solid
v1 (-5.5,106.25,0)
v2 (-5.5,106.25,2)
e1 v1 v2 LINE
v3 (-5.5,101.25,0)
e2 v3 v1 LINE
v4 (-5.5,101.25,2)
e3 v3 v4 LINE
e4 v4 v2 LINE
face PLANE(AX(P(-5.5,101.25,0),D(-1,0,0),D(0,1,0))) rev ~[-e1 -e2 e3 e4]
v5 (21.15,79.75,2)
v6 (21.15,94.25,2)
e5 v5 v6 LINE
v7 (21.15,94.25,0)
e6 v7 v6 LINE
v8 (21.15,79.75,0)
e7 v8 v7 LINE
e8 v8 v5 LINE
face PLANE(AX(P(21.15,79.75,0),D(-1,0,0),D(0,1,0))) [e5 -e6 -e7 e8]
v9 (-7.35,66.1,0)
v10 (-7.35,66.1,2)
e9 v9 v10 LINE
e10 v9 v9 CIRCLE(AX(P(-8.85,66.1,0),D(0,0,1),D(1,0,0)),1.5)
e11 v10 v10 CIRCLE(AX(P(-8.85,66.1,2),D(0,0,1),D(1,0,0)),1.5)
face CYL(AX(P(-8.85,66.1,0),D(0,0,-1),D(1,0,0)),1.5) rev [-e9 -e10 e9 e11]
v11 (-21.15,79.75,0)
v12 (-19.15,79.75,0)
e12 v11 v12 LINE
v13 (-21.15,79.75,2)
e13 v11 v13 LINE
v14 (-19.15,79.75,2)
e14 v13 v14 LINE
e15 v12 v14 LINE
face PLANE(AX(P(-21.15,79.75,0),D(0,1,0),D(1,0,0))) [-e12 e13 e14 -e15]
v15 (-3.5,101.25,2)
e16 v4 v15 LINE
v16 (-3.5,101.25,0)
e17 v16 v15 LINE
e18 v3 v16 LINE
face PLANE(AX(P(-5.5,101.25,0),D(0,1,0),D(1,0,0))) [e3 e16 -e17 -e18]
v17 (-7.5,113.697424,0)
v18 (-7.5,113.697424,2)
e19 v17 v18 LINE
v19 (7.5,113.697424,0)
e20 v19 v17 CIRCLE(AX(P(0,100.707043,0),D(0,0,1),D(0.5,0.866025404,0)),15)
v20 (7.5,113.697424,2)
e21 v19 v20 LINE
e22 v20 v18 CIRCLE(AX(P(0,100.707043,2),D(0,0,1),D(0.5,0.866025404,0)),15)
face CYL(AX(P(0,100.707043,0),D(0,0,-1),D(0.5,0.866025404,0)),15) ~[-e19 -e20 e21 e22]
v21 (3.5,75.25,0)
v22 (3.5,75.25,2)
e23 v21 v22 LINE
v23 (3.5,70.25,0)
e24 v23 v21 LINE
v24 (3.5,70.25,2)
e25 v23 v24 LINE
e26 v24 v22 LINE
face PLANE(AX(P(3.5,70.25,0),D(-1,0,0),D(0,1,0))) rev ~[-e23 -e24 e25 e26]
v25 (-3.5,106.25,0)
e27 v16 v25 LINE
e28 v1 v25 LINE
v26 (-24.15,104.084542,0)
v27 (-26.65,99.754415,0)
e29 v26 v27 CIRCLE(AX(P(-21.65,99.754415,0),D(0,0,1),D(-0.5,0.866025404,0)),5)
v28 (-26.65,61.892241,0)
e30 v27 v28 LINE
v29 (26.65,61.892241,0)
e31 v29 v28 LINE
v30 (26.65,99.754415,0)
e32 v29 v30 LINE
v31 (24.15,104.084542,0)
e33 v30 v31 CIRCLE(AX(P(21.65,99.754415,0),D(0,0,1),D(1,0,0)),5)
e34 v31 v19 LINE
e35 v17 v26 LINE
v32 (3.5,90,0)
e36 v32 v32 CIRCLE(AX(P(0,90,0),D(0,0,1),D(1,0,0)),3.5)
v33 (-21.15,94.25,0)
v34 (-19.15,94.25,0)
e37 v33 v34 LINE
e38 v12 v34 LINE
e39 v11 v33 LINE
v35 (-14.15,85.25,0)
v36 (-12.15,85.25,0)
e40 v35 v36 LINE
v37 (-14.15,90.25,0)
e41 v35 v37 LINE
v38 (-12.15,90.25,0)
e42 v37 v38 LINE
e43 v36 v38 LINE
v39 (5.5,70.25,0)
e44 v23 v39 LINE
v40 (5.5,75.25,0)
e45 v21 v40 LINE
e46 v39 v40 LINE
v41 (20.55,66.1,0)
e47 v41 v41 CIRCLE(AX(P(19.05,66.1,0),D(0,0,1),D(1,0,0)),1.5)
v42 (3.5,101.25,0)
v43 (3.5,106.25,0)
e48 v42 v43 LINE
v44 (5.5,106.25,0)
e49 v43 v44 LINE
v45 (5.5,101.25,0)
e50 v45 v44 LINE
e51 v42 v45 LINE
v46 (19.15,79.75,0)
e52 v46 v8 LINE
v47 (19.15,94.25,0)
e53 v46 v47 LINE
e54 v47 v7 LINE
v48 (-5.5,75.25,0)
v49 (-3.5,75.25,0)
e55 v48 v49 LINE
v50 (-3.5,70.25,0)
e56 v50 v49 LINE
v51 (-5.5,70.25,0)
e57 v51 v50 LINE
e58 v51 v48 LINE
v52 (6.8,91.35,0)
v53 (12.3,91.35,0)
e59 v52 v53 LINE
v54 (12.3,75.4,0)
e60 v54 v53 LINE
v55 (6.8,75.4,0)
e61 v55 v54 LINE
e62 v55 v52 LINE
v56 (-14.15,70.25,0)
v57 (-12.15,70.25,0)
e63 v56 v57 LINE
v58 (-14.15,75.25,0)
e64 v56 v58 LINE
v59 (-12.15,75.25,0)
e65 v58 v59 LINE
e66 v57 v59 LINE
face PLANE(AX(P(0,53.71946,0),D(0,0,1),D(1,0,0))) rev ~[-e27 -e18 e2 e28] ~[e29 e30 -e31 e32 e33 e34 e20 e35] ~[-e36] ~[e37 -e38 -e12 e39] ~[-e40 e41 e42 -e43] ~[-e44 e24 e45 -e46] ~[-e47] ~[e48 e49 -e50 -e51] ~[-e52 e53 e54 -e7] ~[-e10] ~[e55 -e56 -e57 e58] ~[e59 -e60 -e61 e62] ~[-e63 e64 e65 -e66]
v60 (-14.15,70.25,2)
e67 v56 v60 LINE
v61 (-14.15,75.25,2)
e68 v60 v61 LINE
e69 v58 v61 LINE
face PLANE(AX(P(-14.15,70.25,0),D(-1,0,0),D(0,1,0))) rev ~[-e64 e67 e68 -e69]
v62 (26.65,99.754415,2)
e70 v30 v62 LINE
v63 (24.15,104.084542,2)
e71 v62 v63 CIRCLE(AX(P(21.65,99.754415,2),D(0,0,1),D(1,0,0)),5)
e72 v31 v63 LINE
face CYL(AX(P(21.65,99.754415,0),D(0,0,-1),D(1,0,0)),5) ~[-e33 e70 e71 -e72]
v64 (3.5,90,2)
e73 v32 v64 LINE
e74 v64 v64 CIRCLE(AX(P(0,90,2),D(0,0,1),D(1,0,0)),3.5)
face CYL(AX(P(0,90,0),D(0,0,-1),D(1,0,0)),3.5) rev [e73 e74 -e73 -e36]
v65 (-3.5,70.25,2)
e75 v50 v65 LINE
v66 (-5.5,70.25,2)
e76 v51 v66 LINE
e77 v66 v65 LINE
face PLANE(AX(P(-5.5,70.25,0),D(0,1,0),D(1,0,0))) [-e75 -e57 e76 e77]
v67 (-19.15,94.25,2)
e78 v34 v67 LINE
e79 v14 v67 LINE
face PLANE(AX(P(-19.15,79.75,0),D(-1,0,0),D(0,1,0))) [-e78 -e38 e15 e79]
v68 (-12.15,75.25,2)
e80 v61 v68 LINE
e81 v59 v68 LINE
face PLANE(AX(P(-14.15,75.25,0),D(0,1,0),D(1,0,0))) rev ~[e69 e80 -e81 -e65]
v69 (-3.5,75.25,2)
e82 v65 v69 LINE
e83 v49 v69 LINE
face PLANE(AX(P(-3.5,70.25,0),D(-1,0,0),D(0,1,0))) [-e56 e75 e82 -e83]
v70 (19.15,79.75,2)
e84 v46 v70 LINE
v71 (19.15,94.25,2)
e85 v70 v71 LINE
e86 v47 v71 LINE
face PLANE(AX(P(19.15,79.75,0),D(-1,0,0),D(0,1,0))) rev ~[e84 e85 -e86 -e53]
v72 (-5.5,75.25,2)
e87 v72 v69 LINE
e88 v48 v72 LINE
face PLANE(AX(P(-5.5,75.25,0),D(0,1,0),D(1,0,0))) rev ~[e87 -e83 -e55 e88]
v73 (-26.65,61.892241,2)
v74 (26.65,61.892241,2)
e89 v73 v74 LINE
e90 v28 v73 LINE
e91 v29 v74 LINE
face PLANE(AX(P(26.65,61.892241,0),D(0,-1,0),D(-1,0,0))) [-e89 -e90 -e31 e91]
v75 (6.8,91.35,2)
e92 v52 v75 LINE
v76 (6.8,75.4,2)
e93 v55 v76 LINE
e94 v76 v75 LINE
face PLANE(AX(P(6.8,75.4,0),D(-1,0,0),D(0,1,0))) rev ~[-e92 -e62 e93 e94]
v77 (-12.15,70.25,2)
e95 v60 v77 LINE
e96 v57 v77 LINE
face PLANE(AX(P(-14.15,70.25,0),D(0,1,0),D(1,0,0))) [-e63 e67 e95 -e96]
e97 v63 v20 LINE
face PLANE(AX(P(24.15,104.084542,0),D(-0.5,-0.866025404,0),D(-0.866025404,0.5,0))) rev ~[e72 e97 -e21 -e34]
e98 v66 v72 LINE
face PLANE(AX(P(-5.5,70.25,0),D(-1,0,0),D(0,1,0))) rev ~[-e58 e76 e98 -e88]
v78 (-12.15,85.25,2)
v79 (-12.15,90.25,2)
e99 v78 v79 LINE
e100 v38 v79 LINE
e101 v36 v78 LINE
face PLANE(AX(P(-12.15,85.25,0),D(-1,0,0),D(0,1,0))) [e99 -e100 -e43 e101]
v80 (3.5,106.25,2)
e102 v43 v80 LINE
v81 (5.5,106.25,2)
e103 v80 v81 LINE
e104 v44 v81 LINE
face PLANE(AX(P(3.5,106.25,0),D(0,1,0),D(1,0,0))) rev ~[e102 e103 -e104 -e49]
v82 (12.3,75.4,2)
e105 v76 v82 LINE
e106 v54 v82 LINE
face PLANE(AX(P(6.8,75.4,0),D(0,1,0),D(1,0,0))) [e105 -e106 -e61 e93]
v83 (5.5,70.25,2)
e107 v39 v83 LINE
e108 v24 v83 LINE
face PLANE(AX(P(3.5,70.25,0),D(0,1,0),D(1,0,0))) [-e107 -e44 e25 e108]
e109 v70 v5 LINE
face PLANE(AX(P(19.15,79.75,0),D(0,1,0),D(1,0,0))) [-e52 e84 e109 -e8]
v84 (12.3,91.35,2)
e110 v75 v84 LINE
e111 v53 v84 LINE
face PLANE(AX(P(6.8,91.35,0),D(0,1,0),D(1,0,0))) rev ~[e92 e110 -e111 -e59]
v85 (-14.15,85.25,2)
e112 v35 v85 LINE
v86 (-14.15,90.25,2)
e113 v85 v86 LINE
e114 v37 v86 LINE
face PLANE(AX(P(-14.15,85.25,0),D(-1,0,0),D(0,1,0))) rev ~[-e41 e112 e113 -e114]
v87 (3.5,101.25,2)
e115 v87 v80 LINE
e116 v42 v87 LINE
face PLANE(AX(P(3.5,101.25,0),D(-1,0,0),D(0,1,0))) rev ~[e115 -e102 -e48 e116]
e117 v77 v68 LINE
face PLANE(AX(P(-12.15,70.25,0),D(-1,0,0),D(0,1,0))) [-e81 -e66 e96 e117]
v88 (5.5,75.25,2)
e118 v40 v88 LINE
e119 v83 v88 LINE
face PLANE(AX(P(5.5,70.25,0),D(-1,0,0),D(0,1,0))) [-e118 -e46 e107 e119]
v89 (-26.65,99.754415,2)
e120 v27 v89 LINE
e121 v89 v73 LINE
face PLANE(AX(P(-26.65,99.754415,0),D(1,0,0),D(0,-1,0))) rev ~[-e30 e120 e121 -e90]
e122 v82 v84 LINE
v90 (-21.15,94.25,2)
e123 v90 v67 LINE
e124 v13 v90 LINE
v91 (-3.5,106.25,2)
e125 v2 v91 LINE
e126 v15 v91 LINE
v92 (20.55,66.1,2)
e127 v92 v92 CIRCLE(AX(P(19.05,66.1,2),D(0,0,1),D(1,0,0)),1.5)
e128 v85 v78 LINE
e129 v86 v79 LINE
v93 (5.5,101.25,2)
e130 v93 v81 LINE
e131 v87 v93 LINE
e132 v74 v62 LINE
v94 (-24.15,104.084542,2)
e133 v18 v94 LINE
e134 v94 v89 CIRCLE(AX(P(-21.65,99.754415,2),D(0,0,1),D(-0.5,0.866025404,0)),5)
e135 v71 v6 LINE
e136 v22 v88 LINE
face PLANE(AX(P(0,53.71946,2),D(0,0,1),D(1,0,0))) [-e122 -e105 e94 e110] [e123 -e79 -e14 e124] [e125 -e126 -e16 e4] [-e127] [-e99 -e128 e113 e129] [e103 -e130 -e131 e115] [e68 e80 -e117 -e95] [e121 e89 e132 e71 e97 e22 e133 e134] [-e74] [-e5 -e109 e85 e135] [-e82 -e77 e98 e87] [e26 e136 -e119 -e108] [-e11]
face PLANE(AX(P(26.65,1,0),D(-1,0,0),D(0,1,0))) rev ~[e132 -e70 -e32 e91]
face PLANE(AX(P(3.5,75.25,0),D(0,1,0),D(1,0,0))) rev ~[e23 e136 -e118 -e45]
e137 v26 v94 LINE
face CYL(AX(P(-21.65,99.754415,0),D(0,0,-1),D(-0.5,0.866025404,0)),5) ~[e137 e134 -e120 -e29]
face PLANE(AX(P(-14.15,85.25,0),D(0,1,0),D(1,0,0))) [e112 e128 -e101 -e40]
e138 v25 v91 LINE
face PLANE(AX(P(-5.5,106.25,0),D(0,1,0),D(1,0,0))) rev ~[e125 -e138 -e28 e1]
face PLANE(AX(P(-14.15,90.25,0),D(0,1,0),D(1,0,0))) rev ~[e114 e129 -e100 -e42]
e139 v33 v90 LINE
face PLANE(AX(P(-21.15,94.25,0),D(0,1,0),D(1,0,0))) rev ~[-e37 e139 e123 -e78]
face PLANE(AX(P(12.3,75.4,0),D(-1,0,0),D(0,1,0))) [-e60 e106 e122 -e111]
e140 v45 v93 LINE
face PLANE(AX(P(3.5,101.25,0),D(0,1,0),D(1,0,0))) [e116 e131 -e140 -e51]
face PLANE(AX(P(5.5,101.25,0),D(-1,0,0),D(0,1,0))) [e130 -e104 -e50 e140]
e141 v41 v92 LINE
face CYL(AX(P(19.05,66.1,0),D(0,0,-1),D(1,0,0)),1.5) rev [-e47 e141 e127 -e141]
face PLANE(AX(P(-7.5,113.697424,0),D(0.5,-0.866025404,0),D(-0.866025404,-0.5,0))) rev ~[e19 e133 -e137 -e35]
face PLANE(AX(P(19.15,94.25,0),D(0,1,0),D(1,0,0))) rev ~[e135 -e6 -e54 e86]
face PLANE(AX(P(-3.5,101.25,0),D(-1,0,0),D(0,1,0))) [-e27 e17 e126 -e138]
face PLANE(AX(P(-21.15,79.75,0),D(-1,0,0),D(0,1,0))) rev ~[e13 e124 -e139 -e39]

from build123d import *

# Parameters (mm, degrees)
SKETCH1_R           = 3.5
SKETCH1_R_2         = 1.5
SKETCH1_R_3         = 2.5
SKETCH1_W           = 2
SKETCH1_H           = 5
SKETCH1_W_2         = 5.5
SKETCH1_H_2         = 15.95
SKETCH1_H_3         = 14.5
BOSS_EXTRUDE1_DEPTH = 2
CUT_EXTRUDE_1_DEPTH = 10


with BuildPart() as part:
    # Sketch1 → Boss-Extrude1 (new body)
    with BuildSketch(Plane.XY):
        with BuildLine():
            Line((-25.65, 0), (25.65, 0))
            ThreePointArc((25.65, 0), (26.357106781, 0.292893219), (26.65, 1))
            Line((26.65, 1), (26.65, 99.754415082))
            ThreePointArc((26.65, 99.754415082), (25.980127019, 102.254415082), (24.15, 104.0845421))
            Line((24.15, 104.0845421), (7.5, 113.697424082))
            ThreePointArc((7.5, 113.697424082), (0, 115.707043026), (-7.5, 113.697424082))
            Line((-7.5, 113.697424082), (-24.15, 104.0845421))
            ThreePointArc((-24.15, 104.0845421), (-25.980127019, 102.254415082), (-26.65, 99.754415082))
            Line((-26.65, 99.754415082), (-26.65, 1))
            ThreePointArc((-26.65, 1), (-26.357106781, 0.292893219), (-25.65, 0))
        make_face()
        with Locations((0, 90)):
            Circle(SKETCH1_R, mode=Mode.SUBTRACT)
        with Locations((19.05, 66.1)):
            Circle(SKETCH1_R_2, mode=Mode.SUBTRACT)
        with Locations((-8.85, 66.1)):
            Circle(SKETCH1_R_2, mode=Mode.SUBTRACT)
        with Locations((-24.05, 15.3)):
            Circle(SKETCH1_R_2, mode=Mode.SUBTRACT)
        with Locations((24.15, 14)):
            Circle(SKETCH1_R_2, mode=Mode.SUBTRACT)
        with Locations((0, 34.3)):
            Circle(SKETCH1_R_3, mode=Mode.SUBTRACT)
        with Locations((4.5, 103.75)):
            Rectangle(SKETCH1_W, SKETCH1_H, mode=Mode.SUBTRACT)
        with Locations((9.55, 83.375)):
            Rectangle(SKETCH1_W_2, SKETCH1_H_2, mode=Mode.SUBTRACT)
        with Locations((20.15, 87)):
            Rectangle(SKETCH1_W, SKETCH1_H_3, mode=Mode.SUBTRACT)
        with Locations((4.5, 72.75)):
            Rectangle(SKETCH1_W, SKETCH1_H, mode=Mode.SUBTRACT)
        with Locations((-4.5, 72.75)):
            Rectangle(SKETCH1_W, SKETCH1_H, mode=Mode.SUBTRACT)
        with Locations((-20.15, 87)):
            Rectangle(SKETCH1_W, SKETCH1_H_3, mode=Mode.SUBTRACT)
        with Locations((-4.5, 103.75)):
            Rectangle(SKETCH1_W, SKETCH1_H, mode=Mode.SUBTRACT)
        with Locations((-13.15, 72.75)):
            Rectangle(SKETCH1_W, SKETCH1_H, mode=Mode.SUBTRACT)
        with Locations((-13.15, 87.75)):
            Rectangle(SKETCH1_W, SKETCH1_H, mode=Mode.SUBTRACT)
        Polygon((-20, 34.3), (-20, 36.05), (-7, 36.05), (-7, 34.3), (-7, 32.55), (-20, 32.55), align=None, mode=Mode.SUBTRACT)
        Polygon((-5.232050808, 39.362177826), (-15.732050808, 57.548711306), (-12.267949192, 59.548711306), (-1.767949192, 41.362177826), align=None, mode=Mode.SUBTRACT)
        Polygon((1.767949192, 41.362177826), (5.232050808, 39.362177826), (15.732050808, 57.548711306), (12.267949192, 59.548711306), align=None, mode=Mode.SUBTRACT)
        Polygon((7, 34.3), (7, 32.55), (20, 32.55), (20, 34.3), (20, 36.05), (7, 36.05), align=None, mode=Mode.SUBTRACT)
        Polygon((-1.767949192, 27.237822174), (-5.232050808, 29.237822174), (-15.732050808, 11.051288694), (-12.267949192, 9.051288694), align=None, mode=Mode.SUBTRACT)
        Polygon((15.732050808, 11.051288694), (12.267949192, 9.051288694), (1.767949192, 27.237822174), (5.232050808, 29.237822174), align=None, mode=Mode.SUBTRACT)
    extrude(amount=BOSS_EXTRUDE1_DEPTH)

    # 草图1 → 切除-拉伸1 (cut)
    with BuildSketch(Plane(origin=(0, 0, 0), x_dir=(-1, 0, 0), z_dir=(0, 0, -1))):
        Polygon((-26.65, 61.892241422), (26.65, 61.892241422), (26.65, 1), (26.65, 0), (-26.65, 0), align=None)
    extrude(amount=-CUT_EXTRUDE_1_DEPTH, mode=Mode.SUBTRACT)


solid = part.part
